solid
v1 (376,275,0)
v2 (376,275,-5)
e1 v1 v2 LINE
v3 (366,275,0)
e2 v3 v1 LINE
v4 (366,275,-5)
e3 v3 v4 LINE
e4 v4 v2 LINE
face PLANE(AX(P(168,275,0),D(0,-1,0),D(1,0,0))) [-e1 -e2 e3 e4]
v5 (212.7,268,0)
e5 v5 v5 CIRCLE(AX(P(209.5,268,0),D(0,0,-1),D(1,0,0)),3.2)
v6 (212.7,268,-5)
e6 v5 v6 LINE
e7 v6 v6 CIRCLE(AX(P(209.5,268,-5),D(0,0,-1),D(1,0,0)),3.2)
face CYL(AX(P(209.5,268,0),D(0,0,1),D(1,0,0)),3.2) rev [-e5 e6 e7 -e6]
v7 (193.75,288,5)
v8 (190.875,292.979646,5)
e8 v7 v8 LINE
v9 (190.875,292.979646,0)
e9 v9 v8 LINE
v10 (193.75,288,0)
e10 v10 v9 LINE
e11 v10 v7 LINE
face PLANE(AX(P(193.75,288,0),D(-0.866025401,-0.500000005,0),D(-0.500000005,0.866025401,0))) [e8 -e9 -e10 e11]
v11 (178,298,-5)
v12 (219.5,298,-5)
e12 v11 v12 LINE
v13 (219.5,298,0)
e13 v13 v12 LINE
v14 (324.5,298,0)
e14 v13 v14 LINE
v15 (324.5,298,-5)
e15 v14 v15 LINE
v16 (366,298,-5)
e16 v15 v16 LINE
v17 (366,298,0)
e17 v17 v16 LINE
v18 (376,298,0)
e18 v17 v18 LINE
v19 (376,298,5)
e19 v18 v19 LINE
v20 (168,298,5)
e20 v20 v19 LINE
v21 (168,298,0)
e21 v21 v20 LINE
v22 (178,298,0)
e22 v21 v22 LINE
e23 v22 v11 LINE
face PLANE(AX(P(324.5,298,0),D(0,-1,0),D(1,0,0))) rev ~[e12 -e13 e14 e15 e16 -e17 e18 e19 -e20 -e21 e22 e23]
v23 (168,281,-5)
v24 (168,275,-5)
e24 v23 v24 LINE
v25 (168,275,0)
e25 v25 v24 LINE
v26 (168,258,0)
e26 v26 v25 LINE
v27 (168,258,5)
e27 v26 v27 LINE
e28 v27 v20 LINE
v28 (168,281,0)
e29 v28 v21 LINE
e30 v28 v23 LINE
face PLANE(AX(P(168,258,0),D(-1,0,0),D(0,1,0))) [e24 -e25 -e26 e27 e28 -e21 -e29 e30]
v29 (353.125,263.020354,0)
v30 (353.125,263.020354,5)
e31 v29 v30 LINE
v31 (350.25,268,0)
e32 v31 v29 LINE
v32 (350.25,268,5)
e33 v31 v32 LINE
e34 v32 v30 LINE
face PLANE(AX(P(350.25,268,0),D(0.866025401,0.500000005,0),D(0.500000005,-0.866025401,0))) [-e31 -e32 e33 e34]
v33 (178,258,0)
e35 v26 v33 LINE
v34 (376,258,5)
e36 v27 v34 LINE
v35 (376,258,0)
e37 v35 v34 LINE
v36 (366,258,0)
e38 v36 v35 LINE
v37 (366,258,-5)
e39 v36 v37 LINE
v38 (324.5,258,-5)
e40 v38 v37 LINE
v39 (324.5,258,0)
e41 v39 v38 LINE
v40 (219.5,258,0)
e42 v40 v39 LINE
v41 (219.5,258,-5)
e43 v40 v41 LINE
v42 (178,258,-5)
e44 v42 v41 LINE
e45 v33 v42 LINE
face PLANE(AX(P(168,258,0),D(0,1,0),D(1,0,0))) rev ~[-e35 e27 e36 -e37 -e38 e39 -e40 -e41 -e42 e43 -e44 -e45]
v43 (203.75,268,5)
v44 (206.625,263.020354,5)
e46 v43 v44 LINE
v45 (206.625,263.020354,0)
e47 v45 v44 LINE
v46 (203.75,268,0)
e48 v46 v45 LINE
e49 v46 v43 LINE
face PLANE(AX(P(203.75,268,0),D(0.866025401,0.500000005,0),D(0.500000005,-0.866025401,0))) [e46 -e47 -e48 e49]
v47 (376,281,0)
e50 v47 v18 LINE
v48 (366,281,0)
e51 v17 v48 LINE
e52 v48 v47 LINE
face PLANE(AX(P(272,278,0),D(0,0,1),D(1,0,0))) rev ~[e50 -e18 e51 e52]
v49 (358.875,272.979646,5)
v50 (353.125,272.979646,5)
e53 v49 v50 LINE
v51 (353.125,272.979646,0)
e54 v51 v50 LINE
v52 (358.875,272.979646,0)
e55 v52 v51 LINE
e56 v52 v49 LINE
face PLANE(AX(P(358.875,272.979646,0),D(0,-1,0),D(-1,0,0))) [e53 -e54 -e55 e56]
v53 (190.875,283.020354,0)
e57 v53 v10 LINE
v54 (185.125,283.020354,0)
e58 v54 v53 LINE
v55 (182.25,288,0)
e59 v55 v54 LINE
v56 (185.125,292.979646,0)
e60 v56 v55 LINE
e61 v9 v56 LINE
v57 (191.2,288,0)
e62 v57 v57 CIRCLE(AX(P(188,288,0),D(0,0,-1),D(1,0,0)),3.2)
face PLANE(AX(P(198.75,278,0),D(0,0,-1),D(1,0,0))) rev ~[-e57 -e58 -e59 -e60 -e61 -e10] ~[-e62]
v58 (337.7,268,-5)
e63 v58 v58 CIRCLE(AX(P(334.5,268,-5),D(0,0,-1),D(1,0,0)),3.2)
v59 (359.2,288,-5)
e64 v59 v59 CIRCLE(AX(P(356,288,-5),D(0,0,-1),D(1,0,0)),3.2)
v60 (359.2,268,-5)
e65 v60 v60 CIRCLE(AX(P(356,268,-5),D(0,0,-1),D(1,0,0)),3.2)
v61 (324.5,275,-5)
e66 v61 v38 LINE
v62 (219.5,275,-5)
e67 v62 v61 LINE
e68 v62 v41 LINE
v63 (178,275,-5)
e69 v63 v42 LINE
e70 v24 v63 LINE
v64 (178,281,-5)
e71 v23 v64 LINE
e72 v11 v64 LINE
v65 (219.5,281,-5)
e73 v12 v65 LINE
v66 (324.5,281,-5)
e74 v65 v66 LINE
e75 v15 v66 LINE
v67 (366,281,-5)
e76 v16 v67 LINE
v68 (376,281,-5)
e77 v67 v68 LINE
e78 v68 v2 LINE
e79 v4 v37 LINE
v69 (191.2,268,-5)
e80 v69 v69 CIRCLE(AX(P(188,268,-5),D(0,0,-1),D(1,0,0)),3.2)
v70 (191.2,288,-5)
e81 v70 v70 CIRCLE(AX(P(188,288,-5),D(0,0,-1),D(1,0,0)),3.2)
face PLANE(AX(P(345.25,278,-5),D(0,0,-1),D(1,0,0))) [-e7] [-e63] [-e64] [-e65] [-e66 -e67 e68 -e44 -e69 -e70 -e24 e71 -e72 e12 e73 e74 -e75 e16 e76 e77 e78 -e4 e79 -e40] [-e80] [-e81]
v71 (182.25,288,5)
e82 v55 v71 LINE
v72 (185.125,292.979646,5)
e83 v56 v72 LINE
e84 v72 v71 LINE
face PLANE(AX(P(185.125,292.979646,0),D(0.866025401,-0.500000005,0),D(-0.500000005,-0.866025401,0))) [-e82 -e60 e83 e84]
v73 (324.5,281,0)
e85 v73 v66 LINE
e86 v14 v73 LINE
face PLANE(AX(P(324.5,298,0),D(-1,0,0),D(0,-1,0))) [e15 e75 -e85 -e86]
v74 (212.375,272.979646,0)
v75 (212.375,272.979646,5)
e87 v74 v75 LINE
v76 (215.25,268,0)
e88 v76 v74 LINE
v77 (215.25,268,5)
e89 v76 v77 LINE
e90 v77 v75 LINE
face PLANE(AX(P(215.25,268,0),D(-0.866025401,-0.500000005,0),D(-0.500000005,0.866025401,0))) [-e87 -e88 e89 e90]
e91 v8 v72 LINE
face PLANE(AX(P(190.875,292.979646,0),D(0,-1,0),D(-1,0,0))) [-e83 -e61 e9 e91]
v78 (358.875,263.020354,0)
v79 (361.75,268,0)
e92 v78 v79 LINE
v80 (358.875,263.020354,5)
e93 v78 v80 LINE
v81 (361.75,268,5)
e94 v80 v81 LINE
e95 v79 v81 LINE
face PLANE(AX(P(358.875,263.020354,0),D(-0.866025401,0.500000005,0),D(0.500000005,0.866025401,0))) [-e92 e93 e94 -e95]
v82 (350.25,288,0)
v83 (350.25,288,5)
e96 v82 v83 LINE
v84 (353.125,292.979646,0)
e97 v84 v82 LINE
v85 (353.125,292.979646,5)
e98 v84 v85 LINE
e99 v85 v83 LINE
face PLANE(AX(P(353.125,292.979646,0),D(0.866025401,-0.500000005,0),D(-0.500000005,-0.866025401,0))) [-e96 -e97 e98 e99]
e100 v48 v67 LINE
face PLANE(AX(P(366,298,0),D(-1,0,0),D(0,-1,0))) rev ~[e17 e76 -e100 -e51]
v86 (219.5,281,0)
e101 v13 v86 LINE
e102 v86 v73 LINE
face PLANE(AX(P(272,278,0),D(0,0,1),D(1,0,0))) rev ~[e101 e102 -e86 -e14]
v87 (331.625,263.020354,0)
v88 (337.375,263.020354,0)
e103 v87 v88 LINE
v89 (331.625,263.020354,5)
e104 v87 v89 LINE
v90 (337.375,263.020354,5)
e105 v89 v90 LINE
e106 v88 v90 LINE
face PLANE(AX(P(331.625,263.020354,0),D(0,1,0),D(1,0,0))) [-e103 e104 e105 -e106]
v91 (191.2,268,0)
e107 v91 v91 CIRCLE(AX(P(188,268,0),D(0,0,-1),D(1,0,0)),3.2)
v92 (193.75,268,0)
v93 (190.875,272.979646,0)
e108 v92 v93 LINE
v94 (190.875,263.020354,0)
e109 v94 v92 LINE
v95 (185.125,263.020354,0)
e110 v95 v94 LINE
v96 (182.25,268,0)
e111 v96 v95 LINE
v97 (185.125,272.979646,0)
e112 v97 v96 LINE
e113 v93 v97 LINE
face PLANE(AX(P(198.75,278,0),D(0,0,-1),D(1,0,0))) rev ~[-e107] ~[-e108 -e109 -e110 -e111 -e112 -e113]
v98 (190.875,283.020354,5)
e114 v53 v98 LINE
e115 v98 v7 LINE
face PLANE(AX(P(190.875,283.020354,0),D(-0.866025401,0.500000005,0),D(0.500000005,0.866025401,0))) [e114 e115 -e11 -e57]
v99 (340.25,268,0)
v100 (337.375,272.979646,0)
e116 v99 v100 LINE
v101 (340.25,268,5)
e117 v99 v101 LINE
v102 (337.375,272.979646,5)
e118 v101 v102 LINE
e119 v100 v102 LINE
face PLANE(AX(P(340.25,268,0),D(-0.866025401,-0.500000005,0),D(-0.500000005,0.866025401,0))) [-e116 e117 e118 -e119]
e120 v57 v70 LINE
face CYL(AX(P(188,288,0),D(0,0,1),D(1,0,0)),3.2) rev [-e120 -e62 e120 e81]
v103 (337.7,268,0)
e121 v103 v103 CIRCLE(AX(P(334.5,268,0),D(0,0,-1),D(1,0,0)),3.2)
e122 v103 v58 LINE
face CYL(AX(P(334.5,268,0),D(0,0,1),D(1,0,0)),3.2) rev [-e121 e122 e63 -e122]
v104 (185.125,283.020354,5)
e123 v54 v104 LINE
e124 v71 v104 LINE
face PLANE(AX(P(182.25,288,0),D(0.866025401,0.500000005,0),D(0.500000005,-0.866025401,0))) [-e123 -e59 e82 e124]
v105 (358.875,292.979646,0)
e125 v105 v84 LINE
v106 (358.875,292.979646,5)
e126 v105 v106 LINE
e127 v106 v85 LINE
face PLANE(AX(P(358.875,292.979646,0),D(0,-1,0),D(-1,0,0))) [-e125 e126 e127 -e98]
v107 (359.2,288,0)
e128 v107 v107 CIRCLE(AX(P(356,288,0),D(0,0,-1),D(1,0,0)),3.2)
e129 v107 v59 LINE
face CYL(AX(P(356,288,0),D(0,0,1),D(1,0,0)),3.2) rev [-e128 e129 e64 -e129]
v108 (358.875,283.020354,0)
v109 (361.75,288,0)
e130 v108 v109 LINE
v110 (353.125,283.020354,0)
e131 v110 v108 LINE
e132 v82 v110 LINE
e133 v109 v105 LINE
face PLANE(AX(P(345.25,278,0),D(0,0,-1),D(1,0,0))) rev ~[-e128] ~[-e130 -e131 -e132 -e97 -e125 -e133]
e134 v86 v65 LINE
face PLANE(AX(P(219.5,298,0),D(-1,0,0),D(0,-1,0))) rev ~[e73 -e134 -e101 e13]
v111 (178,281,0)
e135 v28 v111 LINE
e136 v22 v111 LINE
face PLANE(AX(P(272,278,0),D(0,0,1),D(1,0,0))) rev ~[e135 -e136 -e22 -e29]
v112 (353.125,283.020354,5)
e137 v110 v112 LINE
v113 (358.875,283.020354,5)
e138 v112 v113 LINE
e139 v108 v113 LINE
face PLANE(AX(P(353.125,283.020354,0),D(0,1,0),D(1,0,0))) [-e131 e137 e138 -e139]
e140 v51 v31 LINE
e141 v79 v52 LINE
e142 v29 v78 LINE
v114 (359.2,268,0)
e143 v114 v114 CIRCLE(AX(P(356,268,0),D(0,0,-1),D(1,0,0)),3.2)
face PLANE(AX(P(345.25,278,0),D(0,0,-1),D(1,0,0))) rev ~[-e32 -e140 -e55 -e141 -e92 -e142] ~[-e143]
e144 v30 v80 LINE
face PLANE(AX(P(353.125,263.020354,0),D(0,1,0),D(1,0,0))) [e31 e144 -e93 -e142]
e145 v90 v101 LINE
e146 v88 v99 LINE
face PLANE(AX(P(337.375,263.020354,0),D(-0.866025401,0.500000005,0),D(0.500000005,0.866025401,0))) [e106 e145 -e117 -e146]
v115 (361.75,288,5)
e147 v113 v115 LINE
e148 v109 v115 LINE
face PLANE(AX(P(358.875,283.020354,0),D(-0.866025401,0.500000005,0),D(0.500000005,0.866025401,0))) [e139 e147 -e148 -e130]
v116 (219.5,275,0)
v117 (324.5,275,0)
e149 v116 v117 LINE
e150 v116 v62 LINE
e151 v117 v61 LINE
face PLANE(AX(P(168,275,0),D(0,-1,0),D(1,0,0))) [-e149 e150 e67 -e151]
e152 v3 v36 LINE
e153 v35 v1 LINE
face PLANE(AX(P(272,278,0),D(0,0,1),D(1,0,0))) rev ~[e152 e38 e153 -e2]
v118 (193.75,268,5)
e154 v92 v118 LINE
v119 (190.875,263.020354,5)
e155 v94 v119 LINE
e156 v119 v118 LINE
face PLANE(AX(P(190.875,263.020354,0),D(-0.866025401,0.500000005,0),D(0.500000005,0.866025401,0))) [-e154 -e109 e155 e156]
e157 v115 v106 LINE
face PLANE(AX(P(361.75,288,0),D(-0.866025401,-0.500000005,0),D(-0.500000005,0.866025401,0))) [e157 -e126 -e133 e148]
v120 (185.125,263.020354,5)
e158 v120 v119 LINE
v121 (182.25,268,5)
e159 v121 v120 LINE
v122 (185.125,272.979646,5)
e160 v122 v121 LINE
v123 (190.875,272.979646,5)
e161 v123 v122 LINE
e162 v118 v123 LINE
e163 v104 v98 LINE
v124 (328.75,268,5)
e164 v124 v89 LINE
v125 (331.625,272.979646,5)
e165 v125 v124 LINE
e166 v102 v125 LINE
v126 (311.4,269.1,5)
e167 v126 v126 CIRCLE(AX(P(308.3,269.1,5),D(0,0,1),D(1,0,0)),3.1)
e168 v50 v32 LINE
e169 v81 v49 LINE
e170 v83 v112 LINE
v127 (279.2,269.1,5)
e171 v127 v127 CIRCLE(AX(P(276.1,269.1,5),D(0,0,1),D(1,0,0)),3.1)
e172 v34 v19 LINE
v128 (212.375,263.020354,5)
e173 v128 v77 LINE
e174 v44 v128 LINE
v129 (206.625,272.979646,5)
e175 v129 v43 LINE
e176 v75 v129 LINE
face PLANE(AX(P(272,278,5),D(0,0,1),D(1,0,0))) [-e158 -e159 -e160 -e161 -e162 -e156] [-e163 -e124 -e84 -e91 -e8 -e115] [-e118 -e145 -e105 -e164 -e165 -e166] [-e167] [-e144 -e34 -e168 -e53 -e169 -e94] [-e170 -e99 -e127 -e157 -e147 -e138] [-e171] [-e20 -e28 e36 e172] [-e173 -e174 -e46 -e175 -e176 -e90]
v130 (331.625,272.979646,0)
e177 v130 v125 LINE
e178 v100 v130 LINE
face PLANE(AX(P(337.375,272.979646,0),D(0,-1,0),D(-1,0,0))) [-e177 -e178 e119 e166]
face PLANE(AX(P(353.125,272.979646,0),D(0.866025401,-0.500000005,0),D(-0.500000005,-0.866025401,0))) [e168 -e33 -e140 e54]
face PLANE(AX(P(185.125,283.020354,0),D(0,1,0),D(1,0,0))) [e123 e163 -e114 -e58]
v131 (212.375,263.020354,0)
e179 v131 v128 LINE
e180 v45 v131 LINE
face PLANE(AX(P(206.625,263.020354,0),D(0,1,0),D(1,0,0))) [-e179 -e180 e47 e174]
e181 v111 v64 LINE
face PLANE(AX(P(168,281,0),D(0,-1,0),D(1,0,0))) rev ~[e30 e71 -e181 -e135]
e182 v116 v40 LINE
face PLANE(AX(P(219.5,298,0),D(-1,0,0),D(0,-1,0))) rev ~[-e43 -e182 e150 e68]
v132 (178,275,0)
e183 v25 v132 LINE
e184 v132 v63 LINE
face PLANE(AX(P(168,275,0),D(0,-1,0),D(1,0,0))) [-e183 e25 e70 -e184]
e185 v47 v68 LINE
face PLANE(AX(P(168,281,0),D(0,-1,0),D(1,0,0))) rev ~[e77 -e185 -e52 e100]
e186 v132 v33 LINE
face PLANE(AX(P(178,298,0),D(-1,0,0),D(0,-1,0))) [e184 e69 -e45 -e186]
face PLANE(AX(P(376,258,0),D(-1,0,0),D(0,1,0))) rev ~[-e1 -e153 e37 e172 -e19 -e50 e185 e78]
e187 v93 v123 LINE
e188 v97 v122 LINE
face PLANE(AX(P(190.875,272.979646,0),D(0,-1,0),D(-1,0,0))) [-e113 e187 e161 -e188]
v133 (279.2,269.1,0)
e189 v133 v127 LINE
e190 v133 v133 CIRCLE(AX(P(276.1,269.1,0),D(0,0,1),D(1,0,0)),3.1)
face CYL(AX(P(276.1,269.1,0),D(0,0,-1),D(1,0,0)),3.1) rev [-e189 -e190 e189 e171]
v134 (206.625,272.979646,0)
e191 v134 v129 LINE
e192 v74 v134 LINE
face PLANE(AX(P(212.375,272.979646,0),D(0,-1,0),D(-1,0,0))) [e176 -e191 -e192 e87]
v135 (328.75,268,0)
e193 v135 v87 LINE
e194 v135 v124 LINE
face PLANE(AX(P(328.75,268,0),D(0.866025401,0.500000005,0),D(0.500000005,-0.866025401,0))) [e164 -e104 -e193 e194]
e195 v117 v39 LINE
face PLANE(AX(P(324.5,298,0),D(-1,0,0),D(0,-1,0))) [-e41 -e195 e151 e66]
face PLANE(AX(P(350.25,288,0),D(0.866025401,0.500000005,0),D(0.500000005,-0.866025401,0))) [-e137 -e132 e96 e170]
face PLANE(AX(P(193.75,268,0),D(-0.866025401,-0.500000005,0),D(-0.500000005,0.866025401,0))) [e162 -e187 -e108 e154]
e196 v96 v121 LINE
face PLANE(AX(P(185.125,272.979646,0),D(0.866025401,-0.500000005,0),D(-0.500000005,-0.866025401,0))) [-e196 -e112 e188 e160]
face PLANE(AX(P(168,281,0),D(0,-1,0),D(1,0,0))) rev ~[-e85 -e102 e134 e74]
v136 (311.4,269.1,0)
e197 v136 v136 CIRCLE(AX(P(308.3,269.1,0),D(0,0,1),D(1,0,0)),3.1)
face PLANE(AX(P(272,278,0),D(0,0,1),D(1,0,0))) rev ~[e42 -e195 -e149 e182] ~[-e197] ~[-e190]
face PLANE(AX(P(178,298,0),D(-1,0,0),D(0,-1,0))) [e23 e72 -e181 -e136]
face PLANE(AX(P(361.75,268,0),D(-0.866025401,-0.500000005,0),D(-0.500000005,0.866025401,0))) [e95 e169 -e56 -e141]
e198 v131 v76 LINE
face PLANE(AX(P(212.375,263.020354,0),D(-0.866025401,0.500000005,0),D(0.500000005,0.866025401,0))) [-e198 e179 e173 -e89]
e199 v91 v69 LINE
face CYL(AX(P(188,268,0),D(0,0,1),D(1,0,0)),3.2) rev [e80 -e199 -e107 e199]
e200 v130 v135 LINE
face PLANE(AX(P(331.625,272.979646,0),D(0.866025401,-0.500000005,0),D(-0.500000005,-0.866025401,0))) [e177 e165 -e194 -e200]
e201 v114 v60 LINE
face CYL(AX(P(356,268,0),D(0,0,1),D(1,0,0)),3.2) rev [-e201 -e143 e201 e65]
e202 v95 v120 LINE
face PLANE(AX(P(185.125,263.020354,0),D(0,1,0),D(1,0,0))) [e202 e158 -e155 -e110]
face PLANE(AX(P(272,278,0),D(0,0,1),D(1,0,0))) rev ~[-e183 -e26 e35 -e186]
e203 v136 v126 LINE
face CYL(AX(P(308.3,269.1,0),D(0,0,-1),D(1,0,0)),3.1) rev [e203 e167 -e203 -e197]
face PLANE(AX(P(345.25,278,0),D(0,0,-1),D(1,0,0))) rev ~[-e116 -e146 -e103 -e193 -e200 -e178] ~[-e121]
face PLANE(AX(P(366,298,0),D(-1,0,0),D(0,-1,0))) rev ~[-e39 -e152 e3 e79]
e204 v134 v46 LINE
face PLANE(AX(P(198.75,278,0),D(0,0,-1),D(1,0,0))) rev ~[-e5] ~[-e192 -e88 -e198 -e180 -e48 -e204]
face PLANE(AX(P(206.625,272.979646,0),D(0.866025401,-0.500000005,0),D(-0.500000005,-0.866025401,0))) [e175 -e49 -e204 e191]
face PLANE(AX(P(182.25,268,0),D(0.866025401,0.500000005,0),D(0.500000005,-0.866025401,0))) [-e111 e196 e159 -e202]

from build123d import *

# Parameters (mm, degrees)
SKETCH005_W  = 208
SKETCH005_H  = 40
SKETCH005_R  = 3.1
PAD005_DEPTH = 5
SKETCH006_W  = 208
SKETCH006_H  = 6
PAD006_DEPTH = 5
SKETCH007_W  = 41.5
SKETCH007_H  = 40
SKETCH007_R  = 3.2
PAD007_DEPTH = 5


with BuildPart() as part:
    # Sketch005 → Pad005 (new body)
    with BuildSketch(Plane.XY):
        with Locations((4, 0)):
            Rectangle(SKETCH005_W, SKETCH005_H)
        with Locations((8.1, -8.9)):
            Circle(SKETCH005_R, mode=Mode.SUBTRACT)
        with Locations((40.3, -8.9)):
            Circle(SKETCH005_R, mode=Mode.SUBTRACT)
        Polygon((93.75, 10), (90.875, 14.979646), (85.125, 14.979646), (82.25, 10), (85.125, 5.020354), (90.875, 5.020354), align=None, mode=Mode.SUBTRACT)
        Polygon((93.75, -10), (90.875, -5.020354), (85.125, -5.020354), (82.25, -10), (85.125, -14.979646), (90.875, -14.979646), align=None, mode=Mode.SUBTRACT)
        Polygon((-74.25, 10), (-77.125, 14.979646), (-82.875, 14.979646), (-85.75, 10), (-82.875, 5.020354), (-77.125, 5.020354), align=None, mode=Mode.SUBTRACT)
        Polygon((-74.25, -10), (-77.125, -5.020354), (-82.875, -5.020354), (-85.75, -10), (-82.875, -14.979646), (-77.125, -14.979646), align=None, mode=Mode.SUBTRACT)
        Polygon((-52.75, -10), (-55.625, -5.020354), (-61.375, -5.020354), (-64.25, -10), (-61.375, -14.979646), (-55.625, -14.979646), align=None, mode=Mode.SUBTRACT)
        Polygon((72.25, -10), (69.375, -5.020354), (63.625, -5.020354), (60.75, -10), (63.625, -14.979646), (69.375, -14.979646), align=None, mode=Mode.SUBTRACT)
    extrude(amount=PAD005_DEPTH)

    # Sketch006 (on Face43 of Pad005) → Pad006 (join)
    with BuildSketch(Plane(origin=(0, 0, 0), x_dir=(1, 0, 0), z_dir=(0, 0, -1))):
        with Locations((4, 0)):
            Rectangle(SKETCH006_W, SKETCH006_H)
    extrude(amount=PAD006_DEPTH)

    # Sketch007 (on Face6 of Pad006) → Pad007 (join)
    with BuildSketch(Plane(origin=(0, 0, 0), x_dir=(1, 0, 0), z_dir=(0, 0, -1))):
        with Locations((77.25, 0)):
            Rectangle(SKETCH007_W, SKETCH007_H)
        with Locations((88, 10)):
            Circle(SKETCH007_R, mode=Mode.SUBTRACT)
        with Locations((88, -10)):
            Circle(SKETCH007_R, mode=Mode.SUBTRACT)
        with Locations((66.5, 10)):
            Circle(SKETCH007_R, mode=Mode.SUBTRACT)
        with Locations((-69.25, 0)):
            Rectangle(SKETCH007_W, SKETCH007_H)
        with Locations((-58.5, 10)):
            Circle(SKETCH007_R, mode=Mode.SUBTRACT)
        with Locations((-80, -10)):
            Circle(SKETCH007_R, mode=Mode.SUBTRACT)
        with Locations((-80, 10)):
            Circle(SKETCH007_R, mode=Mode.SUBTRACT)
    extrude(amount=PAD007_DEPTH)


with BuildPart() as part_1:
    # Body007 placement: moved
    add(part.part.moved(Location((268, 278, 0))))


solid = part_1.part
